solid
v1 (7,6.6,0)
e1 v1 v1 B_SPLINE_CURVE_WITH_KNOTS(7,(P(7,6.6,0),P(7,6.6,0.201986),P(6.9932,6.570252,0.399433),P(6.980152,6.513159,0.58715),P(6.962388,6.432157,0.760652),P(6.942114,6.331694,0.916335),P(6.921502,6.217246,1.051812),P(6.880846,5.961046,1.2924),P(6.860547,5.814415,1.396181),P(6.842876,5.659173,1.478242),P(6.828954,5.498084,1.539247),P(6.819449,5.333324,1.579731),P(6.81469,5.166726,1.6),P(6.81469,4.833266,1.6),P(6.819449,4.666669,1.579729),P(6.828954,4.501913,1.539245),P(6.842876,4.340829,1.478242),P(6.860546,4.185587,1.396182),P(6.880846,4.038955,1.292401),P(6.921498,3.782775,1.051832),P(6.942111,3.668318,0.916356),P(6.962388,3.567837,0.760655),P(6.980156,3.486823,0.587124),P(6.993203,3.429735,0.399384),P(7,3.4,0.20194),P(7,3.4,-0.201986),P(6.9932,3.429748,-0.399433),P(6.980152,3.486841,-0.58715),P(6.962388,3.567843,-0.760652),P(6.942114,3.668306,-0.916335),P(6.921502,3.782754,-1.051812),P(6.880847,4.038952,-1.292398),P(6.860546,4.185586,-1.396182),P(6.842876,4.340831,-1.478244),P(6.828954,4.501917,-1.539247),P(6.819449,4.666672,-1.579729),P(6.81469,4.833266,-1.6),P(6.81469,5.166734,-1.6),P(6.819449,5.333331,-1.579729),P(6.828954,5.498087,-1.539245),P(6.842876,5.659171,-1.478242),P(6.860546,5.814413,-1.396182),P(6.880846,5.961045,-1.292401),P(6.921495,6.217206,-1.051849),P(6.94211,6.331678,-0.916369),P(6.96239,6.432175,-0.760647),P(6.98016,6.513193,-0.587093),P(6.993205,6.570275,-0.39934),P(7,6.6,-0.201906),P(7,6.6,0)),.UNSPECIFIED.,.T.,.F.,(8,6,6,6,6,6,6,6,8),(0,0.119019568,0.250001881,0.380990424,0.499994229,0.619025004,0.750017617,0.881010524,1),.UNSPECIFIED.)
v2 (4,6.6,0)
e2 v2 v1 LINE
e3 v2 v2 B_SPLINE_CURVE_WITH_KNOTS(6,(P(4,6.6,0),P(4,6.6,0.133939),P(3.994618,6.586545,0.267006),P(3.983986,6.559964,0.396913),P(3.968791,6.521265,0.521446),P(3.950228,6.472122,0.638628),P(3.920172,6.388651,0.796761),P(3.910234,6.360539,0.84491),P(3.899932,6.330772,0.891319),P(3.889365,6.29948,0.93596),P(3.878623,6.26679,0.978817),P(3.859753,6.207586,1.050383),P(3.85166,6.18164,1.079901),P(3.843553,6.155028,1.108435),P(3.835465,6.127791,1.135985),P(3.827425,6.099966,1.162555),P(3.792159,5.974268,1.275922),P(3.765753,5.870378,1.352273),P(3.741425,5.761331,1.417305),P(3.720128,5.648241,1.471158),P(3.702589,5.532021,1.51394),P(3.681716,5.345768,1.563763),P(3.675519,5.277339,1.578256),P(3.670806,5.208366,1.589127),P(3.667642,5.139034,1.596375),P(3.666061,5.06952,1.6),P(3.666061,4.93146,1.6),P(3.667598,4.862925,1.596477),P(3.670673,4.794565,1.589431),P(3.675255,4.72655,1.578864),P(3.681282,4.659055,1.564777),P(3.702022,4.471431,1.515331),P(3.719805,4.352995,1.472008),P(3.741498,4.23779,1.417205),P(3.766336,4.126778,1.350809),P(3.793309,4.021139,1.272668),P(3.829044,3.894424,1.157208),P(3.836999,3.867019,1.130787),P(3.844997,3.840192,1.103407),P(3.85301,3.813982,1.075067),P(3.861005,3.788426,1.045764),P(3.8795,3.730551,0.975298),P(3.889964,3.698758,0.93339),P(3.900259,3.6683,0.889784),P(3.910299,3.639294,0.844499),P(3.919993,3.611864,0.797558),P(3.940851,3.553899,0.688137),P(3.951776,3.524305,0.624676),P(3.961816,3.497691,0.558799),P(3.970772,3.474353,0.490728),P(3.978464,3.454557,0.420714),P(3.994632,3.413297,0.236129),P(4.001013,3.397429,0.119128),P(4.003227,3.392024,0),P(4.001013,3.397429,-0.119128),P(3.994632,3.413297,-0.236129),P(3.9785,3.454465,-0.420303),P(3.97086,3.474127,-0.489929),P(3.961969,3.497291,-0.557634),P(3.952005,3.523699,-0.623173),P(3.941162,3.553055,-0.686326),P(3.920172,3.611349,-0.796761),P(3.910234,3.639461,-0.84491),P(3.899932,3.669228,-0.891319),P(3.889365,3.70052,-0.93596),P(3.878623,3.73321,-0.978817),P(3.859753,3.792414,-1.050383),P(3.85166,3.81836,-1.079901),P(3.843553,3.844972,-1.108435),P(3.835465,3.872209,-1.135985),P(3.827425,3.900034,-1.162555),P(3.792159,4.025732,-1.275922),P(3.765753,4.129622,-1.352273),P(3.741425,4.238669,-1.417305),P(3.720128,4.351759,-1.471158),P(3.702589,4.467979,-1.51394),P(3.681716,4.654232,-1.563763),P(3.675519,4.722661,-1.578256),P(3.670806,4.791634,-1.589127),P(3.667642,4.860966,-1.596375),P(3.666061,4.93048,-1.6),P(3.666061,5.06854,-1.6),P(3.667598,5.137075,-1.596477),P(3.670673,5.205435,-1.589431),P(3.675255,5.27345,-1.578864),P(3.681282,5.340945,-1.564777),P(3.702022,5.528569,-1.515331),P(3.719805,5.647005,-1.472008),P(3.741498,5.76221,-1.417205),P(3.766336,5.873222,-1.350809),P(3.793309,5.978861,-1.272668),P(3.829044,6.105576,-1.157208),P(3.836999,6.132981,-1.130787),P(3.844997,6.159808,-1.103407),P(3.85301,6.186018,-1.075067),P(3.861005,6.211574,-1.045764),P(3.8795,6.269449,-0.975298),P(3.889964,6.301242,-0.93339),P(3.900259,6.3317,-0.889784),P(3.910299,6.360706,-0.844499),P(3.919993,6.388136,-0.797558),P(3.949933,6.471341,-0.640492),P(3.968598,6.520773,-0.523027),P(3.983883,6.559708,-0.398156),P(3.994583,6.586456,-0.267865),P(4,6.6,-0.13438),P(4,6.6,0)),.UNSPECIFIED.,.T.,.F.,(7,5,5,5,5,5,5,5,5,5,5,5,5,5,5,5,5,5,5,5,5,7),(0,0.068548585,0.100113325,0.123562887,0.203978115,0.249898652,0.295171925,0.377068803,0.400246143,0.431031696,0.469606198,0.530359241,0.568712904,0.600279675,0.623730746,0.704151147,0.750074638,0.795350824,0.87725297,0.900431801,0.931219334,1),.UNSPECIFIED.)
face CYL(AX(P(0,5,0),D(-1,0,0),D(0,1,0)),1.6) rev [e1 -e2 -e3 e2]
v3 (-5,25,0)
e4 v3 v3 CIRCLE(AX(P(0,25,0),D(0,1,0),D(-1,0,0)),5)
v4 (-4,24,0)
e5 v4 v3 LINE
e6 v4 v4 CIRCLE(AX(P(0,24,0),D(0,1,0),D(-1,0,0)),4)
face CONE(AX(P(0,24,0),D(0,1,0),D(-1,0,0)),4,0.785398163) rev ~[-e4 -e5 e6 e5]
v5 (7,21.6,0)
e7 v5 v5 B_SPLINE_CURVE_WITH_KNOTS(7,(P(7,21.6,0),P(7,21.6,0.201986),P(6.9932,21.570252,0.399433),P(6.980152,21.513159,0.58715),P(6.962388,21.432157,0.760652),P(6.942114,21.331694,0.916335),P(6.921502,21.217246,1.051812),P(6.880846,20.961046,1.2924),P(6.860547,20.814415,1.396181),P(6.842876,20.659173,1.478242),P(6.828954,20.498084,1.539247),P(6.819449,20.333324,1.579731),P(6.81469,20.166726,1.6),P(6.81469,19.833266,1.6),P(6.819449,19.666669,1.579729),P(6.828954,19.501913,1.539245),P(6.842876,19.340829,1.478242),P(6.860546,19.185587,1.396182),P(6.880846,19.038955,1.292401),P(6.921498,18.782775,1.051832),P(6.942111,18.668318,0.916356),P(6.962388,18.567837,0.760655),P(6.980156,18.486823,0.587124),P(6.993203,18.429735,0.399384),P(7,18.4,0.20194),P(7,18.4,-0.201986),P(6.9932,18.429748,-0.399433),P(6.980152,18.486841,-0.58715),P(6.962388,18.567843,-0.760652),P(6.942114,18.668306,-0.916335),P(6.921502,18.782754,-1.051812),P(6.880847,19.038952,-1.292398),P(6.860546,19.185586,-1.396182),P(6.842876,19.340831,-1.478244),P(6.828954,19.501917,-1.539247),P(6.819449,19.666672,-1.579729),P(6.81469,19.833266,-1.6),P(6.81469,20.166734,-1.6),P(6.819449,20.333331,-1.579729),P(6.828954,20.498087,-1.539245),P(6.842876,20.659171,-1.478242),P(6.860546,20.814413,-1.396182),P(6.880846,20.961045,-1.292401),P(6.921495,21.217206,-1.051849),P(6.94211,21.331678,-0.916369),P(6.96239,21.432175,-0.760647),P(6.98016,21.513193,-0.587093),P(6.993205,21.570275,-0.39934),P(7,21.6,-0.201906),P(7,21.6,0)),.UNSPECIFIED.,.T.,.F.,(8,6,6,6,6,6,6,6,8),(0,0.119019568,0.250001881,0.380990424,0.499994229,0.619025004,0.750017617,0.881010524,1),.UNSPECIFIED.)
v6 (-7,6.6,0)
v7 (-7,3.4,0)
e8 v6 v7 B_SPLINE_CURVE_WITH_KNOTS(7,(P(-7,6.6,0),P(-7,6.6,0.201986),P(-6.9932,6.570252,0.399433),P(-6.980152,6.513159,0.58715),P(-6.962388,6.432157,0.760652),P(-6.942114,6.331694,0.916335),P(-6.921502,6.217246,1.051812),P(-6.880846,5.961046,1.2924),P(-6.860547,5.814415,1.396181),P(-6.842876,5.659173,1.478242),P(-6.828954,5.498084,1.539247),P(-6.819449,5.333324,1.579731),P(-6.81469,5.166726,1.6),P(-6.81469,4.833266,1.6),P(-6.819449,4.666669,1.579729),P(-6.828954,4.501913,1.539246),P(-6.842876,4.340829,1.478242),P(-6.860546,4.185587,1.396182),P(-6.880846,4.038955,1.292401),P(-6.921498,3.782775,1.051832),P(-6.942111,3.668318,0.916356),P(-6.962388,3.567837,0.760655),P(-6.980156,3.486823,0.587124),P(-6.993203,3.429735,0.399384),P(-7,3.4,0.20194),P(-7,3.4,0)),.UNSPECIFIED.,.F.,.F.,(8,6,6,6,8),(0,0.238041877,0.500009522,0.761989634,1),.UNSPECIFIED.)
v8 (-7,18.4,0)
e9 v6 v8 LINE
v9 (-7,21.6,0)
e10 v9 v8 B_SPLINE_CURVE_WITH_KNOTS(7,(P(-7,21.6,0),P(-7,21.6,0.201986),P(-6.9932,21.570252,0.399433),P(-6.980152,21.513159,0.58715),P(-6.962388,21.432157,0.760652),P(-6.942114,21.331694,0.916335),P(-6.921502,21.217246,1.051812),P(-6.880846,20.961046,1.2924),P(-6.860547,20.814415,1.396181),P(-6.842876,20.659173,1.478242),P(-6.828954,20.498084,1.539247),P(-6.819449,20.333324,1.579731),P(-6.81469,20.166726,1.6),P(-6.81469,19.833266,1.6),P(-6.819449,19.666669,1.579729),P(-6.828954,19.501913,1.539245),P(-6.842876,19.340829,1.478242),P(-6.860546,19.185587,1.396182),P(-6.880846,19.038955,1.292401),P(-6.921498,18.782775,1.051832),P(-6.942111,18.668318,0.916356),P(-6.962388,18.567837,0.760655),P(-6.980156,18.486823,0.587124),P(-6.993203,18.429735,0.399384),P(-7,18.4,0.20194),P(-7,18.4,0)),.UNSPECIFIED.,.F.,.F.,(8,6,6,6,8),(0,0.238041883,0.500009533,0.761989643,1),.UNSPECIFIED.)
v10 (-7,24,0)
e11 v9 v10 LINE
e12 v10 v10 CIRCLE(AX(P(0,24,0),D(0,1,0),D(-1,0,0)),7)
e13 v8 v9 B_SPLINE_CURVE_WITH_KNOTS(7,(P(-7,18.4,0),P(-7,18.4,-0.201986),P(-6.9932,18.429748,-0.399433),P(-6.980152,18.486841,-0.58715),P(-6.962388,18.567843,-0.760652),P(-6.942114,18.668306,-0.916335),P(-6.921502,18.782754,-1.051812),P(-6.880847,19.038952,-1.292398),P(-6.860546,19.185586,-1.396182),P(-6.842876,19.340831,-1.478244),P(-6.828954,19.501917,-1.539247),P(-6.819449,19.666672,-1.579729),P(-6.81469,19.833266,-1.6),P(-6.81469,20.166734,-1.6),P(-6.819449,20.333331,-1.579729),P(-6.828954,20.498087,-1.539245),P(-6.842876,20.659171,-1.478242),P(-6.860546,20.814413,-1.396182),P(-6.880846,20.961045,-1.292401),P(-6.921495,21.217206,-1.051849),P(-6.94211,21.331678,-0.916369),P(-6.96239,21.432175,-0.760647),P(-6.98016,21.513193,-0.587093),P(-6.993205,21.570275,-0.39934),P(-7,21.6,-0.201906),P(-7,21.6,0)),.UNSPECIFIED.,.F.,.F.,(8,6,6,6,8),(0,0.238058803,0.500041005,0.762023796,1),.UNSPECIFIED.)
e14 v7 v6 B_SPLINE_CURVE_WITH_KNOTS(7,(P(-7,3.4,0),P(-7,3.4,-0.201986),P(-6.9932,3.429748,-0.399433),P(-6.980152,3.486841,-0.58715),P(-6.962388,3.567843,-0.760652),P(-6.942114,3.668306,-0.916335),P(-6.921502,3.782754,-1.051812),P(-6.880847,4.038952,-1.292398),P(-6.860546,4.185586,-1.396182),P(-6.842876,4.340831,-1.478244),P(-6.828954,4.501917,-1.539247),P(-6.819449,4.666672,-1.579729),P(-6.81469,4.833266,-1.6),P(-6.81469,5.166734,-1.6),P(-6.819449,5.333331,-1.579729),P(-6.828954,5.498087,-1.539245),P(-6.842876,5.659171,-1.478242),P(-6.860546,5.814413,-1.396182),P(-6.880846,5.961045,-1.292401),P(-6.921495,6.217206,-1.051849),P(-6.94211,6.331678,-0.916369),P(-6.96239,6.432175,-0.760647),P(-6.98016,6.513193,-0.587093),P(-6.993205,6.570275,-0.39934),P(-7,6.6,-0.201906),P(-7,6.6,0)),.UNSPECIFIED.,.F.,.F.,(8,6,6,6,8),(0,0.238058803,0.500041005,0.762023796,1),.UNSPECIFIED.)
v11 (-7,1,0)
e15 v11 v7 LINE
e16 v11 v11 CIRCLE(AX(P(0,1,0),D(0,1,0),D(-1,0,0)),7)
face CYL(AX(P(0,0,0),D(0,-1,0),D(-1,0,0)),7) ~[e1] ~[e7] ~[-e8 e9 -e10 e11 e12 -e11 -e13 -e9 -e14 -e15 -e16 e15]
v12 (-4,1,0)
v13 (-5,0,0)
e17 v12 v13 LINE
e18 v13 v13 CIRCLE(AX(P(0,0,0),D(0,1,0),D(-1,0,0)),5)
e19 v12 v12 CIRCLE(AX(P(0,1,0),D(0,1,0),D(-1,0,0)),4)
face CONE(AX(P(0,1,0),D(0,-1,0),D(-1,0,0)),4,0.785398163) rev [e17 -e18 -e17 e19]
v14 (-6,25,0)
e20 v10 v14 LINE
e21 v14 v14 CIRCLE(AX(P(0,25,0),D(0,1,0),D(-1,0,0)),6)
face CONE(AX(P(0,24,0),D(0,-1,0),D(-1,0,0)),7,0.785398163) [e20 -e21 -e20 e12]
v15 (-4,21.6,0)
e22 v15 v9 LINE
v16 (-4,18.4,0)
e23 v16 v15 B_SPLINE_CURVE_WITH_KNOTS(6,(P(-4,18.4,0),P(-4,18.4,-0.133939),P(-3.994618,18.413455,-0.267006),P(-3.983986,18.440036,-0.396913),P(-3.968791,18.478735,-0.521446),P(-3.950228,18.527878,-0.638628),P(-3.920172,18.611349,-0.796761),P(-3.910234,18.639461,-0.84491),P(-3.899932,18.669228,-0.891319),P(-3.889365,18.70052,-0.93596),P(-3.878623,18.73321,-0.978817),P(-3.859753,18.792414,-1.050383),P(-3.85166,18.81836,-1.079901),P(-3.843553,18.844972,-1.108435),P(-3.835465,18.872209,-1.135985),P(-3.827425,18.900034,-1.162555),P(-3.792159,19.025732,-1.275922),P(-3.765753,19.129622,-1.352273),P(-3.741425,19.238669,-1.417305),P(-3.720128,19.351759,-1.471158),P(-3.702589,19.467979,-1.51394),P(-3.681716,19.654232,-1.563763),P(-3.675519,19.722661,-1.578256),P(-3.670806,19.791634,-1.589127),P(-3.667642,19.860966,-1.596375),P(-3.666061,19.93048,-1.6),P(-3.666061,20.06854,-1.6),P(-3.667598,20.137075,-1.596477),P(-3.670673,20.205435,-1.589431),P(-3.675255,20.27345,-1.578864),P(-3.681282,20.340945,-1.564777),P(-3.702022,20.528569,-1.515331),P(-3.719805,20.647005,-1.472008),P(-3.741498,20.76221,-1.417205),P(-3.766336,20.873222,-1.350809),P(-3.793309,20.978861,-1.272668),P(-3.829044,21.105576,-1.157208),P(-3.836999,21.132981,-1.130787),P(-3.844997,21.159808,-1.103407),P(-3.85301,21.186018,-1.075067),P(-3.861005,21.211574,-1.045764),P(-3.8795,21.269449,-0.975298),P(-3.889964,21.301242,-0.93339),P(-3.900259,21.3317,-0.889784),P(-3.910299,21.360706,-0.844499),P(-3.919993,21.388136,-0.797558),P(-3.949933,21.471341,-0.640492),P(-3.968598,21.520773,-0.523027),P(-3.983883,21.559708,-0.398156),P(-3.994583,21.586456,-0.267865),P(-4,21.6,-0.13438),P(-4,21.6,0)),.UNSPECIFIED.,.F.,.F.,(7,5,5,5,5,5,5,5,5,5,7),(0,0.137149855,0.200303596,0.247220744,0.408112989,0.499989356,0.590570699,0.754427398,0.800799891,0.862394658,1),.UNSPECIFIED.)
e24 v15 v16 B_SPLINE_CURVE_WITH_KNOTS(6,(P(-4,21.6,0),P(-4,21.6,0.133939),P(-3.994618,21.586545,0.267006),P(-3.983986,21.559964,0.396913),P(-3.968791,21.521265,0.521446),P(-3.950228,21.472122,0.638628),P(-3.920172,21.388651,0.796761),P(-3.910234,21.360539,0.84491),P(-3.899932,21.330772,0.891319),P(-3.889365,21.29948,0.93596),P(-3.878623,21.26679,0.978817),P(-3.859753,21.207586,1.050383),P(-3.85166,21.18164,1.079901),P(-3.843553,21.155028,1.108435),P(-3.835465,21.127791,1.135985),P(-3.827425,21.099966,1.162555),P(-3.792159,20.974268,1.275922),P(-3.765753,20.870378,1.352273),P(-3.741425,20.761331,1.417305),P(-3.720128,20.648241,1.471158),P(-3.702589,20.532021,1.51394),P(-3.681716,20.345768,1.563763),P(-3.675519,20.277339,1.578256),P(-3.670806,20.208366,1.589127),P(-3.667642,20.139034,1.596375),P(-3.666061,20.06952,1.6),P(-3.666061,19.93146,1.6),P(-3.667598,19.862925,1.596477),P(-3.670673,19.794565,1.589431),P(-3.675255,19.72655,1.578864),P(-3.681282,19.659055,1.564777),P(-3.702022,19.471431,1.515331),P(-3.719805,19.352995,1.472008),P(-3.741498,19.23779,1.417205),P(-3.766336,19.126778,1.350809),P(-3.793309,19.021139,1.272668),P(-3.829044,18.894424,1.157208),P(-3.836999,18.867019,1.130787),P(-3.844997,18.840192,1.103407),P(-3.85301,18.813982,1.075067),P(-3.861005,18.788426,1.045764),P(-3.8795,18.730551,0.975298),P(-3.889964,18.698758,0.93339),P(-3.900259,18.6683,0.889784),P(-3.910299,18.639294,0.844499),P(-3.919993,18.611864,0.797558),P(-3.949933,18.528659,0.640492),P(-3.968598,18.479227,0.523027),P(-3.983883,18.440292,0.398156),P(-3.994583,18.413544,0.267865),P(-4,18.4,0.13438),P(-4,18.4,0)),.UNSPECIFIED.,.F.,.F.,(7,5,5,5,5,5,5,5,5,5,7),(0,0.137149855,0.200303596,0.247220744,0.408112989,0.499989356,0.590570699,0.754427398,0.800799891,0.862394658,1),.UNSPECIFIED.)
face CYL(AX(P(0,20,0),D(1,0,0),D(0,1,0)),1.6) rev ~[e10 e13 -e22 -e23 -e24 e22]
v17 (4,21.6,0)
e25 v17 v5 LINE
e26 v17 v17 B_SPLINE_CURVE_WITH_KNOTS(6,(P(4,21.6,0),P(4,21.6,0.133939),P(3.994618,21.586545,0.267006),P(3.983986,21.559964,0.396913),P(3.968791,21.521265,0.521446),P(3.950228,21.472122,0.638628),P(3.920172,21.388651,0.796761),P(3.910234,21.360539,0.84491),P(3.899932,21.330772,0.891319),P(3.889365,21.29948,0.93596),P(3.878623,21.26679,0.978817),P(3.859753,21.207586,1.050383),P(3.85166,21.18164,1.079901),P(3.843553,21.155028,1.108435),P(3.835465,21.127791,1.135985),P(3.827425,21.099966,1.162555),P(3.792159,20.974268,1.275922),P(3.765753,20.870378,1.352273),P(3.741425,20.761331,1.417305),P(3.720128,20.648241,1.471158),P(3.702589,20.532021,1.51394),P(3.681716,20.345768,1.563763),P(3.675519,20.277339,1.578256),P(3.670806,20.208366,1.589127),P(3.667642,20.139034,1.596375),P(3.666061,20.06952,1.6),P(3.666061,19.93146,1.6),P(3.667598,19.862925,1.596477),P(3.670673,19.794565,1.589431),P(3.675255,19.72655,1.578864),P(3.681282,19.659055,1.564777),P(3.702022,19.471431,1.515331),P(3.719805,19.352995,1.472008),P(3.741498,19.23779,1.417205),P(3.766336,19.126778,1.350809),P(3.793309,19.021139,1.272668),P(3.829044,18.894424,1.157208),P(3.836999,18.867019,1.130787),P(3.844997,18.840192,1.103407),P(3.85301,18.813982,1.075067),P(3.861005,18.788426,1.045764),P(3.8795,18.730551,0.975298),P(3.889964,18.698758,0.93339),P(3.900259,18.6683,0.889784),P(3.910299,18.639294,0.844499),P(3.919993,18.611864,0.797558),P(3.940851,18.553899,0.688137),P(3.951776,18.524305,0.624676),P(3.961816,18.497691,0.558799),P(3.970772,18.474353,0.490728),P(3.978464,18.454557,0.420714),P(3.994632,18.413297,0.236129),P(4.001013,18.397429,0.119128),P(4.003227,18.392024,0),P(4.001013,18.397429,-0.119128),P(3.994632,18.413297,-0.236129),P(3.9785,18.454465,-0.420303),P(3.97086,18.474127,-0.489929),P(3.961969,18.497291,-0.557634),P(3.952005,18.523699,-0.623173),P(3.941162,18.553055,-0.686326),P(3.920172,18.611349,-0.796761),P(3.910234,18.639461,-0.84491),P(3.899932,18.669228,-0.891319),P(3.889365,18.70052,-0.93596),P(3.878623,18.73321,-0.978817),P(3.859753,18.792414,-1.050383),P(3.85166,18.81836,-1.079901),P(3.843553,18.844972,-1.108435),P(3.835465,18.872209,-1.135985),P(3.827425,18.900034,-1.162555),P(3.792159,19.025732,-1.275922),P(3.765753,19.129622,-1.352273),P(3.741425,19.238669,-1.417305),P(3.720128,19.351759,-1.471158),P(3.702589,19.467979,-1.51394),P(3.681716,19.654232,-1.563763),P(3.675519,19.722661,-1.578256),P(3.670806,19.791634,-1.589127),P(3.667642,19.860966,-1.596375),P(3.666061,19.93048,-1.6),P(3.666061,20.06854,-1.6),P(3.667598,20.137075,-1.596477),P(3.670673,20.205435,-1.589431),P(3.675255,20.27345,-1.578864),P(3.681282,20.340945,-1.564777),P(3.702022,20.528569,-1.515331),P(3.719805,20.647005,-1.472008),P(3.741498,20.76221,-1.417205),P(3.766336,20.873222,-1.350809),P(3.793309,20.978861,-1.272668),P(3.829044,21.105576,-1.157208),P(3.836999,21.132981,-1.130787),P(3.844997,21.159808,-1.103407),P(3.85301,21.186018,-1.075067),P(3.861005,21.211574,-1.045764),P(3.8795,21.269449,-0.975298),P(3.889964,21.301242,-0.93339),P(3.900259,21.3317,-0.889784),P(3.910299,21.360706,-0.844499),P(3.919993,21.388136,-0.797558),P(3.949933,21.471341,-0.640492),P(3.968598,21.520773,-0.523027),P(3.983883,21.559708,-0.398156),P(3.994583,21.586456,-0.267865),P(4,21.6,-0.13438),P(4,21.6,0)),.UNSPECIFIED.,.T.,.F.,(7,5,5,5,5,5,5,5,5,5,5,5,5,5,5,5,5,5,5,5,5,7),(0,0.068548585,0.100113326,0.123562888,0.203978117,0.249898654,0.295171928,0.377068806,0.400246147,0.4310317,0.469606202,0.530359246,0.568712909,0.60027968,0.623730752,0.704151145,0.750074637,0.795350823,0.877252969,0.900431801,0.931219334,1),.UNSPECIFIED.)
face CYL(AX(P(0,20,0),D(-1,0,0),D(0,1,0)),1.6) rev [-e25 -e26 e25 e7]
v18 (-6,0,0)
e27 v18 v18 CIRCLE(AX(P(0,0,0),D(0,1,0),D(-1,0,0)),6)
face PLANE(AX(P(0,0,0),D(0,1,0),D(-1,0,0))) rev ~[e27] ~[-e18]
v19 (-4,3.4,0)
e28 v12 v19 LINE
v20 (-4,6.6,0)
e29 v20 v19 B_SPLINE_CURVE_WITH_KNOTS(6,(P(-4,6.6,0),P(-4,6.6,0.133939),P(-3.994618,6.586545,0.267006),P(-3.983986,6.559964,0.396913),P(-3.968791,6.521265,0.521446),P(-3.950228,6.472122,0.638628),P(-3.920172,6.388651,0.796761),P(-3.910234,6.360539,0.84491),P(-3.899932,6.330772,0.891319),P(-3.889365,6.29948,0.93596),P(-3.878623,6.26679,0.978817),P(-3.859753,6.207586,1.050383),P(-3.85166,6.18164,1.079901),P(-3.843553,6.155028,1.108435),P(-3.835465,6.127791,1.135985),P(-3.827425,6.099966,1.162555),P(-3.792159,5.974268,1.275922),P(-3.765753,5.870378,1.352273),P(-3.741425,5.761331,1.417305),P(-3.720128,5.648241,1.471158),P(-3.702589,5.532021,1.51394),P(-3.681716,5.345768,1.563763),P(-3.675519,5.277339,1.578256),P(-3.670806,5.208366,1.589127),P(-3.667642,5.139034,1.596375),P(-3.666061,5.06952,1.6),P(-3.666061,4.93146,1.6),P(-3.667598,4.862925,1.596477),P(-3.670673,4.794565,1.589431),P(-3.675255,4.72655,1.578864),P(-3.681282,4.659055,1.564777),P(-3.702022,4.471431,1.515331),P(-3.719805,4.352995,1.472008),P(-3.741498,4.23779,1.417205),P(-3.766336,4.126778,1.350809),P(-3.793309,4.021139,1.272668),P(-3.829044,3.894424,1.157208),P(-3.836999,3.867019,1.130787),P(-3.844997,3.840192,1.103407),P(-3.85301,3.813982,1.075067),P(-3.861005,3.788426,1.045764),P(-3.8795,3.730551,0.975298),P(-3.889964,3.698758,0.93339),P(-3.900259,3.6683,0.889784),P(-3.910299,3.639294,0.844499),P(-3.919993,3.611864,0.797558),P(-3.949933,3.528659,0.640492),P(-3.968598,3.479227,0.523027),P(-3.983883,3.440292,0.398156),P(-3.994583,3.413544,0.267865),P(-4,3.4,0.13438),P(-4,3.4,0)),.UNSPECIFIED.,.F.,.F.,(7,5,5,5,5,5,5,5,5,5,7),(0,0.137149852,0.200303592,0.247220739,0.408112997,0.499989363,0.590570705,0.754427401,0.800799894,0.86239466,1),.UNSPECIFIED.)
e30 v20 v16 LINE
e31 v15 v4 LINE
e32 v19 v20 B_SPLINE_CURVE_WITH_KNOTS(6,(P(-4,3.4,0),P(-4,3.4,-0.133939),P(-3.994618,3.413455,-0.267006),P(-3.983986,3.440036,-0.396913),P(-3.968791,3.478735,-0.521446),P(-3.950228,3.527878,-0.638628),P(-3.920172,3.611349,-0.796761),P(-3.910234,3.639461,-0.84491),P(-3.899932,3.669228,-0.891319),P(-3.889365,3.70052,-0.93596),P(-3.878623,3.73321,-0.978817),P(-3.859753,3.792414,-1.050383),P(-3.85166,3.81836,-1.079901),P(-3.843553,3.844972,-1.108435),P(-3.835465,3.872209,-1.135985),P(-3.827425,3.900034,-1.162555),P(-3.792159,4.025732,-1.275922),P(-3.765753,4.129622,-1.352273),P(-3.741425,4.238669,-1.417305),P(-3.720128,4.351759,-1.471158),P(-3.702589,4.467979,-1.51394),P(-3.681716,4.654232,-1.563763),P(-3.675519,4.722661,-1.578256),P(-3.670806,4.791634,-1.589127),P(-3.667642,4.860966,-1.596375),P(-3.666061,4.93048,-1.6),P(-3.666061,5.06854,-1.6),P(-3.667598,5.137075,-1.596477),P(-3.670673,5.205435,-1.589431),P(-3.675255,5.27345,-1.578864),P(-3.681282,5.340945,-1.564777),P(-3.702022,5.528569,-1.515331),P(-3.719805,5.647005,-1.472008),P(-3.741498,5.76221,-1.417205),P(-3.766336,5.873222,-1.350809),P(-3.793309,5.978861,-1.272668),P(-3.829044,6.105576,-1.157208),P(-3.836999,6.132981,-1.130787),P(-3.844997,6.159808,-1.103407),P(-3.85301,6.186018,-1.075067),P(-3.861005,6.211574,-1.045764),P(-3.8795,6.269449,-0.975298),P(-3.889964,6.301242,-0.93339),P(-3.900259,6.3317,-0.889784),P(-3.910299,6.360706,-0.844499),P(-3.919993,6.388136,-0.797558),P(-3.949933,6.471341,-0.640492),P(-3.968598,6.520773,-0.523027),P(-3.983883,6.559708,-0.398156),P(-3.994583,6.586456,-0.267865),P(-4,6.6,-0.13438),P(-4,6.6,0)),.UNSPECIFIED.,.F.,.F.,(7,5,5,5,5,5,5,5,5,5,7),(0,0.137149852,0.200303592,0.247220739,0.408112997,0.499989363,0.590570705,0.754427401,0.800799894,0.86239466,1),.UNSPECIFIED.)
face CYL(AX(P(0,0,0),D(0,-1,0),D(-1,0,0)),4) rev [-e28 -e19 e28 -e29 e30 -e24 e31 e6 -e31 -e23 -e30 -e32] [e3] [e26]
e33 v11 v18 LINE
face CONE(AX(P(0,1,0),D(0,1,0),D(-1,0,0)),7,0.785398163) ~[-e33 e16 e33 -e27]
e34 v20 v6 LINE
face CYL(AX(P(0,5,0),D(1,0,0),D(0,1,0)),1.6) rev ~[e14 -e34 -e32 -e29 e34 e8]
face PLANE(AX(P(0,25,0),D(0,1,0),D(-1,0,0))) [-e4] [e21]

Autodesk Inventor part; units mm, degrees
ref_plane "YZ Plane" through (0, 0, 0) normal (1, 0, 0) x (0, 1, 0)
ref_plane "XZ Plane" through (0, 0, 0) normal (0, 1, 0) x (-1, 0, 0)
ref_plane "XY Plane" through (0, 0, 0) normal (0, 0, 1) x (1, 0, 0)
sketch "Sketch1" plane through (0, 0, 0) normal (0, 1, 0) x (-1, 0, 0)
  circle A0 centre (0, 0) radius 4
  circle A1 centre (0, 0) radius 7
  dimension "d0" = 8
  dimension "d1" = 14
extrude "Extrusion1" add sketch "Sketch1" along normal blind 25
chamfer "Chamfer1" distance 1 angle 45 4 edges at (7, 25, 0) (7, 0, 0) (4, 25, 0) (4, 0, 0)
sketch "Sketch2" plane through (0, 0, 0) normal (1, 0, 0) x (0, 1, 0)
  circle A0 centre (20, 0) radius 1.6
  circle A1 centre (5, 0) radius 1.6
  line L0 (0, 0) -> (25, 0)
  line L1 (25, 6) -> (25, -6) projected
  line L2 (0, -6) -> (0, 6) projected
  dimension "d7" = 3.2
  dimension "d8" = 3.2
  dimension "d9" = 5
  dimension "d10" = 5
extrude "Extrusion2" cut sketch "Sketch2" along normal mid plane 25
properties part number "Acople"
